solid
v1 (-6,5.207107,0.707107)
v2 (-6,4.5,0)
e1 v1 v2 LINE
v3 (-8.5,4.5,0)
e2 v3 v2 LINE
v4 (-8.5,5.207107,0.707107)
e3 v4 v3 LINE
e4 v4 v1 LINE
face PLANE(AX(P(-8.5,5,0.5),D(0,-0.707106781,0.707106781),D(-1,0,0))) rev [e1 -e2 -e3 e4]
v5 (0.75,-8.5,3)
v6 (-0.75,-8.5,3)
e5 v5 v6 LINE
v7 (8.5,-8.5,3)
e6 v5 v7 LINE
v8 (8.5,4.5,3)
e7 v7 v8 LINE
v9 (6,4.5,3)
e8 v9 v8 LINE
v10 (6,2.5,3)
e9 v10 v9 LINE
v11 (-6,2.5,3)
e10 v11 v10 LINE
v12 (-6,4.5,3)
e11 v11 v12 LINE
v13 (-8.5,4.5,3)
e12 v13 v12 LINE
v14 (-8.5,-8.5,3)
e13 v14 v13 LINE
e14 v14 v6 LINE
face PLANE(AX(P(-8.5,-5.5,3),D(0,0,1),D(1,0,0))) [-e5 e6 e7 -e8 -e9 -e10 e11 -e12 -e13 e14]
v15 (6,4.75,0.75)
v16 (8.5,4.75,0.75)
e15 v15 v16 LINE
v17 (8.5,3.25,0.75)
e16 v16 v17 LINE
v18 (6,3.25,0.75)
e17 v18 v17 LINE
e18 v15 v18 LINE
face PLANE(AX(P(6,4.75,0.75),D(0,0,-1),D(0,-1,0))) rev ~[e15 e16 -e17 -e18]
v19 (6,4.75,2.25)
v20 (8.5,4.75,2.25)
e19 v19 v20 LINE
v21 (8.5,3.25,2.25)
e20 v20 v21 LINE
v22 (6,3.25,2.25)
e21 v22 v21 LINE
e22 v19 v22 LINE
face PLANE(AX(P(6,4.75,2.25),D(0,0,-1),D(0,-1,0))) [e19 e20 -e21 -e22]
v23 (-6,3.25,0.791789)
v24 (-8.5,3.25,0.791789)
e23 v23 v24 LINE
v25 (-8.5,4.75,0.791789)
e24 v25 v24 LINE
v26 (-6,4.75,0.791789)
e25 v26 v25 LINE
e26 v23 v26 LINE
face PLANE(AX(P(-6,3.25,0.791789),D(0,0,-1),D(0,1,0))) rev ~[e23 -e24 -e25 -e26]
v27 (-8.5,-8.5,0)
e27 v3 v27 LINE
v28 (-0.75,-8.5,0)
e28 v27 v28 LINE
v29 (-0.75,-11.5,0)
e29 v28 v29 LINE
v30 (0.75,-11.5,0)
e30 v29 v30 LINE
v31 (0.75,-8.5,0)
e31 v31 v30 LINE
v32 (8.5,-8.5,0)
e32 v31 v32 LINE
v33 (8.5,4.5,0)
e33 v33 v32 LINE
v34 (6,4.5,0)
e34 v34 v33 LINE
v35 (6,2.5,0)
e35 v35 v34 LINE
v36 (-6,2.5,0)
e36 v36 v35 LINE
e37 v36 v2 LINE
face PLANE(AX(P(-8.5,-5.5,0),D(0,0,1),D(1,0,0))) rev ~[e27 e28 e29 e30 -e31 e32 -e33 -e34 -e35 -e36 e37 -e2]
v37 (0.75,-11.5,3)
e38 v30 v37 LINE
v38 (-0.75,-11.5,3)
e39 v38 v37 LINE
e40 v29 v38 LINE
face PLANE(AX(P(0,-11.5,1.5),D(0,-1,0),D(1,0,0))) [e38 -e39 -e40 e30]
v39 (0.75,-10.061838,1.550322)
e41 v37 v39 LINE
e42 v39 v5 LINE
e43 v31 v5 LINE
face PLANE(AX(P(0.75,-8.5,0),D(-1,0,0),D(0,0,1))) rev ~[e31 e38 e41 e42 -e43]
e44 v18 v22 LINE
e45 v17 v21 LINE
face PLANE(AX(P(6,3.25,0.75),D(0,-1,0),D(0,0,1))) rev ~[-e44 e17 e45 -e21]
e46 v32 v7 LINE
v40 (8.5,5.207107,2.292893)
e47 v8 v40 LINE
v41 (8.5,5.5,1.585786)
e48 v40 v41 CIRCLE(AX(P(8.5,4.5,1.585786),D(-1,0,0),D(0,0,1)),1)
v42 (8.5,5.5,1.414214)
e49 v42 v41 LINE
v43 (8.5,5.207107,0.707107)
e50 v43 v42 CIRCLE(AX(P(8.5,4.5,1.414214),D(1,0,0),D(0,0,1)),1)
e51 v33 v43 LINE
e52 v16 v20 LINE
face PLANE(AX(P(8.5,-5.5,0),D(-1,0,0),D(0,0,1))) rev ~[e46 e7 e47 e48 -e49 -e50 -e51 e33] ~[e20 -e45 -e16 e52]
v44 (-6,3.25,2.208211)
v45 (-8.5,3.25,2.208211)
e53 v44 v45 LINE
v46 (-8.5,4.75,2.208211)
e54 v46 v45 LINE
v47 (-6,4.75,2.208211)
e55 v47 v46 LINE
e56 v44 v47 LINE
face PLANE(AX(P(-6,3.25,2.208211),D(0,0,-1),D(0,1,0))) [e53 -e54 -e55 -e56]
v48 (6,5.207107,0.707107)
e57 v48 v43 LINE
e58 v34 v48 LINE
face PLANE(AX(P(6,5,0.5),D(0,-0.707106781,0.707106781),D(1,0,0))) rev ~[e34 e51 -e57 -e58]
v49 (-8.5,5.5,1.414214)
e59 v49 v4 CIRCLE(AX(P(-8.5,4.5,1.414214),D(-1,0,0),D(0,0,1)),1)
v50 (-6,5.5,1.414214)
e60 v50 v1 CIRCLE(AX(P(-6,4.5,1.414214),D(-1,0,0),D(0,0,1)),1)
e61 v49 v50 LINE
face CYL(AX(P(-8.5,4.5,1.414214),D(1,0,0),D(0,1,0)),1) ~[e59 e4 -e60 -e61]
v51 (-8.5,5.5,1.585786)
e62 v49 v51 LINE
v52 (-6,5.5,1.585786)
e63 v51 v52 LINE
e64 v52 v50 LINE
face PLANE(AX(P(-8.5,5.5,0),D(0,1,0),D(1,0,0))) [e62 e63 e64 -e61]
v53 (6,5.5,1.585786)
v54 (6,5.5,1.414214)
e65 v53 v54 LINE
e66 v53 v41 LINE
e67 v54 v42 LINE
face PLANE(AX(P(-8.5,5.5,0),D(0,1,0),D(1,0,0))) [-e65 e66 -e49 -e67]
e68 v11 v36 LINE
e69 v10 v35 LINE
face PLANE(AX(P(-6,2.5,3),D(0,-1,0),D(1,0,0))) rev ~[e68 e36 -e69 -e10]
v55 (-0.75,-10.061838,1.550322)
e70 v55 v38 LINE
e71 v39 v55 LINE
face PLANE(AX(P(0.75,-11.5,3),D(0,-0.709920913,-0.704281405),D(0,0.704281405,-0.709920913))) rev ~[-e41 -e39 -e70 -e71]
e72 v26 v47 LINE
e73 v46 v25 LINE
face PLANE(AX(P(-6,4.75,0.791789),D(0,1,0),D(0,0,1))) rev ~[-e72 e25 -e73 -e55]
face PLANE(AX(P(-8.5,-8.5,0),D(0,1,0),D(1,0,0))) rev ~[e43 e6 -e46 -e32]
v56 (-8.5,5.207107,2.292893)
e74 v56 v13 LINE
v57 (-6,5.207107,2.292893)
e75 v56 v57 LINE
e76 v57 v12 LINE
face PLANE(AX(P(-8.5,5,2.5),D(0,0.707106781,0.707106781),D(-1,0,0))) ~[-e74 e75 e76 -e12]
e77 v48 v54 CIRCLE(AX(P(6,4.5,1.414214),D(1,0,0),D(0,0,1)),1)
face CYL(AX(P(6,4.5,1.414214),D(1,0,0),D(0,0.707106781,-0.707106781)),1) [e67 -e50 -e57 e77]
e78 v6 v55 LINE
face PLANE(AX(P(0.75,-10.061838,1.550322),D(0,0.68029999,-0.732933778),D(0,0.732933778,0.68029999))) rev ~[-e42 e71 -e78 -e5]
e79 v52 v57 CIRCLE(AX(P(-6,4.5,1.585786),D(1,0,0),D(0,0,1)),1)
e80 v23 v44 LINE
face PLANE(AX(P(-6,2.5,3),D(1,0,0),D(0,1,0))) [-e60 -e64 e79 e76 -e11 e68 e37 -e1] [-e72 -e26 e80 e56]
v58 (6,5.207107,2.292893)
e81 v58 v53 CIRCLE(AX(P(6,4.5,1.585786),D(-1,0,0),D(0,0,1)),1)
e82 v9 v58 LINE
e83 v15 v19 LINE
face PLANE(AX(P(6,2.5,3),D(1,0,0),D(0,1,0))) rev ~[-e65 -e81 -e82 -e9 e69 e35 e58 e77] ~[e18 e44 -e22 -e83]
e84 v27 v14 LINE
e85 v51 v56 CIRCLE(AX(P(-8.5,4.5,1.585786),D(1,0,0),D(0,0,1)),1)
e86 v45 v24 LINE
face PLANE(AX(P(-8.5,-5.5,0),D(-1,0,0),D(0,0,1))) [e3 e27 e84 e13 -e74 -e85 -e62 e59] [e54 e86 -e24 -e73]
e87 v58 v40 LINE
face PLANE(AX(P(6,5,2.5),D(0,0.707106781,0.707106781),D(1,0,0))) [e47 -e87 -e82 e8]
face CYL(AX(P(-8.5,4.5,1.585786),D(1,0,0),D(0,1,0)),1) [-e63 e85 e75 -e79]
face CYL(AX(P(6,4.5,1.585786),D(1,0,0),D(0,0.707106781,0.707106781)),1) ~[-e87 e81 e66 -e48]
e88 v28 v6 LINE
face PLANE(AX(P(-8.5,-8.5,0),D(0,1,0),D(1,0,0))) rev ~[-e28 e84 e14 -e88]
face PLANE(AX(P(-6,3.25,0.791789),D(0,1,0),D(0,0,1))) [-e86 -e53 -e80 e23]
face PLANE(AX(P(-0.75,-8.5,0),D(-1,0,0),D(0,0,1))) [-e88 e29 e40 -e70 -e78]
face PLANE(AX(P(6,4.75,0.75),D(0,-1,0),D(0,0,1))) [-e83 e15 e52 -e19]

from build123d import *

# Parameters (mm, degrees)
F0_W      = 17
F0_H      = 11
F1_DEPTH  = 3
F2_W      = 12
F2_H      = 3
F3_DEPTH  = 3.001
F4_W      = 1.5
F4_H      = 1.5
F5_DEPTH  = 100
F6_SIZE   = 1
F7_SIZE   = 1
F8_R      = 1
F9_DEPTH  = 3
F10_W     = 1.5
F10_H     = 3
F11_DEPTH = 3
F13_DEPTH = 9.251
F14_W     = 1.5
F14_H     = 1.416422517
F15_DEPTH = 25


with BuildPart() as f1:
    # F0 (on Top) → F1 (new body)
    with BuildSketch(Plane.XY):
        Rectangle(F0_W, F0_H)
    extrude(amount=F1_DEPTH)

    # F2 (on face) → F3 (cut, through all)
    with BuildSketch(Plane.XY.offset(3)):
        with Locations((0, 4)):
            Rectangle(F2_W, F2_H)
    extrude(amount=-F3_DEPTH, mode=Mode.SUBTRACT)

    # F4 (on face) → F5 (cut)
    with BuildSketch(Plane(origin=(6, 0, 0), x_dir=(0, -1, 0), z_dir=(-1, 0, 0))):
        with Locations((-4, 1.5)):
            Rectangle(F4_W, F4_H)
    extrude(amount=-F5_DEPTH, mode=Mode.SUBTRACT)

    # F6
    f6_edges = [f1.edges().sort_by_distance(p)[0] for p in [
        (-7.25, 5.5, 3),
        (7.25, 5.5, 3),
    ]]
    chamfer(f6_edges, length=F6_SIZE)

    # F7
    f7_edges = [f1.edges().sort_by_distance(p)[0] for p in [
        (-7.25, 5.5, 0),
        (7.25, 5.5, 0),
    ]]
    chamfer(f7_edges, length=F7_SIZE)

    # F8
    f8_edges = [f1.edges().sort_by_distance(p)[0] for p in [
        (-7.25, 5.5, 2),
        (7.25, 5.5, 2),
        (-7.25, 5.5, 1),
        (7.25, 5.5, 1),
    ]]
    fillet(f8_edges, radius=F8_R)

    # F9 (add): a face of the model
    f9_faces = [f1.faces().sort_by_distance(p)[0] for p in [
        (0, -5.5, 1.5),
    ]]
    extrude(f9_faces, amount=F9_DEPTH)

    # F10 (on face) → F11 (join)
    with BuildSketch(Plane.XZ.offset(8.5)):
        with Locations((0, 1.5)):
            Rectangle(F10_W, F10_H)
    extrude(amount=F11_DEPTH)

    # F12 (on face) → F13 (cut, through all)
    with BuildSketch(Plane.YZ.offset(0.75)):
        Polygon((-8.5, 3), (-11.5, 3), (-10.0618377328, 1.5503217001), align=None)
    extrude(amount=-F13_DEPTH, mode=Mode.SUBTRACT)

    # F14 (on face) → F15 (cut)
    with BuildSketch(Plane.YZ.offset(-6)):
        with Locations((4, 1.5)):
            Rectangle(F14_W, F14_H)
    extrude(amount=-F15_DEPTH, mode=Mode.SUBTRACT)


solid = f1.part
